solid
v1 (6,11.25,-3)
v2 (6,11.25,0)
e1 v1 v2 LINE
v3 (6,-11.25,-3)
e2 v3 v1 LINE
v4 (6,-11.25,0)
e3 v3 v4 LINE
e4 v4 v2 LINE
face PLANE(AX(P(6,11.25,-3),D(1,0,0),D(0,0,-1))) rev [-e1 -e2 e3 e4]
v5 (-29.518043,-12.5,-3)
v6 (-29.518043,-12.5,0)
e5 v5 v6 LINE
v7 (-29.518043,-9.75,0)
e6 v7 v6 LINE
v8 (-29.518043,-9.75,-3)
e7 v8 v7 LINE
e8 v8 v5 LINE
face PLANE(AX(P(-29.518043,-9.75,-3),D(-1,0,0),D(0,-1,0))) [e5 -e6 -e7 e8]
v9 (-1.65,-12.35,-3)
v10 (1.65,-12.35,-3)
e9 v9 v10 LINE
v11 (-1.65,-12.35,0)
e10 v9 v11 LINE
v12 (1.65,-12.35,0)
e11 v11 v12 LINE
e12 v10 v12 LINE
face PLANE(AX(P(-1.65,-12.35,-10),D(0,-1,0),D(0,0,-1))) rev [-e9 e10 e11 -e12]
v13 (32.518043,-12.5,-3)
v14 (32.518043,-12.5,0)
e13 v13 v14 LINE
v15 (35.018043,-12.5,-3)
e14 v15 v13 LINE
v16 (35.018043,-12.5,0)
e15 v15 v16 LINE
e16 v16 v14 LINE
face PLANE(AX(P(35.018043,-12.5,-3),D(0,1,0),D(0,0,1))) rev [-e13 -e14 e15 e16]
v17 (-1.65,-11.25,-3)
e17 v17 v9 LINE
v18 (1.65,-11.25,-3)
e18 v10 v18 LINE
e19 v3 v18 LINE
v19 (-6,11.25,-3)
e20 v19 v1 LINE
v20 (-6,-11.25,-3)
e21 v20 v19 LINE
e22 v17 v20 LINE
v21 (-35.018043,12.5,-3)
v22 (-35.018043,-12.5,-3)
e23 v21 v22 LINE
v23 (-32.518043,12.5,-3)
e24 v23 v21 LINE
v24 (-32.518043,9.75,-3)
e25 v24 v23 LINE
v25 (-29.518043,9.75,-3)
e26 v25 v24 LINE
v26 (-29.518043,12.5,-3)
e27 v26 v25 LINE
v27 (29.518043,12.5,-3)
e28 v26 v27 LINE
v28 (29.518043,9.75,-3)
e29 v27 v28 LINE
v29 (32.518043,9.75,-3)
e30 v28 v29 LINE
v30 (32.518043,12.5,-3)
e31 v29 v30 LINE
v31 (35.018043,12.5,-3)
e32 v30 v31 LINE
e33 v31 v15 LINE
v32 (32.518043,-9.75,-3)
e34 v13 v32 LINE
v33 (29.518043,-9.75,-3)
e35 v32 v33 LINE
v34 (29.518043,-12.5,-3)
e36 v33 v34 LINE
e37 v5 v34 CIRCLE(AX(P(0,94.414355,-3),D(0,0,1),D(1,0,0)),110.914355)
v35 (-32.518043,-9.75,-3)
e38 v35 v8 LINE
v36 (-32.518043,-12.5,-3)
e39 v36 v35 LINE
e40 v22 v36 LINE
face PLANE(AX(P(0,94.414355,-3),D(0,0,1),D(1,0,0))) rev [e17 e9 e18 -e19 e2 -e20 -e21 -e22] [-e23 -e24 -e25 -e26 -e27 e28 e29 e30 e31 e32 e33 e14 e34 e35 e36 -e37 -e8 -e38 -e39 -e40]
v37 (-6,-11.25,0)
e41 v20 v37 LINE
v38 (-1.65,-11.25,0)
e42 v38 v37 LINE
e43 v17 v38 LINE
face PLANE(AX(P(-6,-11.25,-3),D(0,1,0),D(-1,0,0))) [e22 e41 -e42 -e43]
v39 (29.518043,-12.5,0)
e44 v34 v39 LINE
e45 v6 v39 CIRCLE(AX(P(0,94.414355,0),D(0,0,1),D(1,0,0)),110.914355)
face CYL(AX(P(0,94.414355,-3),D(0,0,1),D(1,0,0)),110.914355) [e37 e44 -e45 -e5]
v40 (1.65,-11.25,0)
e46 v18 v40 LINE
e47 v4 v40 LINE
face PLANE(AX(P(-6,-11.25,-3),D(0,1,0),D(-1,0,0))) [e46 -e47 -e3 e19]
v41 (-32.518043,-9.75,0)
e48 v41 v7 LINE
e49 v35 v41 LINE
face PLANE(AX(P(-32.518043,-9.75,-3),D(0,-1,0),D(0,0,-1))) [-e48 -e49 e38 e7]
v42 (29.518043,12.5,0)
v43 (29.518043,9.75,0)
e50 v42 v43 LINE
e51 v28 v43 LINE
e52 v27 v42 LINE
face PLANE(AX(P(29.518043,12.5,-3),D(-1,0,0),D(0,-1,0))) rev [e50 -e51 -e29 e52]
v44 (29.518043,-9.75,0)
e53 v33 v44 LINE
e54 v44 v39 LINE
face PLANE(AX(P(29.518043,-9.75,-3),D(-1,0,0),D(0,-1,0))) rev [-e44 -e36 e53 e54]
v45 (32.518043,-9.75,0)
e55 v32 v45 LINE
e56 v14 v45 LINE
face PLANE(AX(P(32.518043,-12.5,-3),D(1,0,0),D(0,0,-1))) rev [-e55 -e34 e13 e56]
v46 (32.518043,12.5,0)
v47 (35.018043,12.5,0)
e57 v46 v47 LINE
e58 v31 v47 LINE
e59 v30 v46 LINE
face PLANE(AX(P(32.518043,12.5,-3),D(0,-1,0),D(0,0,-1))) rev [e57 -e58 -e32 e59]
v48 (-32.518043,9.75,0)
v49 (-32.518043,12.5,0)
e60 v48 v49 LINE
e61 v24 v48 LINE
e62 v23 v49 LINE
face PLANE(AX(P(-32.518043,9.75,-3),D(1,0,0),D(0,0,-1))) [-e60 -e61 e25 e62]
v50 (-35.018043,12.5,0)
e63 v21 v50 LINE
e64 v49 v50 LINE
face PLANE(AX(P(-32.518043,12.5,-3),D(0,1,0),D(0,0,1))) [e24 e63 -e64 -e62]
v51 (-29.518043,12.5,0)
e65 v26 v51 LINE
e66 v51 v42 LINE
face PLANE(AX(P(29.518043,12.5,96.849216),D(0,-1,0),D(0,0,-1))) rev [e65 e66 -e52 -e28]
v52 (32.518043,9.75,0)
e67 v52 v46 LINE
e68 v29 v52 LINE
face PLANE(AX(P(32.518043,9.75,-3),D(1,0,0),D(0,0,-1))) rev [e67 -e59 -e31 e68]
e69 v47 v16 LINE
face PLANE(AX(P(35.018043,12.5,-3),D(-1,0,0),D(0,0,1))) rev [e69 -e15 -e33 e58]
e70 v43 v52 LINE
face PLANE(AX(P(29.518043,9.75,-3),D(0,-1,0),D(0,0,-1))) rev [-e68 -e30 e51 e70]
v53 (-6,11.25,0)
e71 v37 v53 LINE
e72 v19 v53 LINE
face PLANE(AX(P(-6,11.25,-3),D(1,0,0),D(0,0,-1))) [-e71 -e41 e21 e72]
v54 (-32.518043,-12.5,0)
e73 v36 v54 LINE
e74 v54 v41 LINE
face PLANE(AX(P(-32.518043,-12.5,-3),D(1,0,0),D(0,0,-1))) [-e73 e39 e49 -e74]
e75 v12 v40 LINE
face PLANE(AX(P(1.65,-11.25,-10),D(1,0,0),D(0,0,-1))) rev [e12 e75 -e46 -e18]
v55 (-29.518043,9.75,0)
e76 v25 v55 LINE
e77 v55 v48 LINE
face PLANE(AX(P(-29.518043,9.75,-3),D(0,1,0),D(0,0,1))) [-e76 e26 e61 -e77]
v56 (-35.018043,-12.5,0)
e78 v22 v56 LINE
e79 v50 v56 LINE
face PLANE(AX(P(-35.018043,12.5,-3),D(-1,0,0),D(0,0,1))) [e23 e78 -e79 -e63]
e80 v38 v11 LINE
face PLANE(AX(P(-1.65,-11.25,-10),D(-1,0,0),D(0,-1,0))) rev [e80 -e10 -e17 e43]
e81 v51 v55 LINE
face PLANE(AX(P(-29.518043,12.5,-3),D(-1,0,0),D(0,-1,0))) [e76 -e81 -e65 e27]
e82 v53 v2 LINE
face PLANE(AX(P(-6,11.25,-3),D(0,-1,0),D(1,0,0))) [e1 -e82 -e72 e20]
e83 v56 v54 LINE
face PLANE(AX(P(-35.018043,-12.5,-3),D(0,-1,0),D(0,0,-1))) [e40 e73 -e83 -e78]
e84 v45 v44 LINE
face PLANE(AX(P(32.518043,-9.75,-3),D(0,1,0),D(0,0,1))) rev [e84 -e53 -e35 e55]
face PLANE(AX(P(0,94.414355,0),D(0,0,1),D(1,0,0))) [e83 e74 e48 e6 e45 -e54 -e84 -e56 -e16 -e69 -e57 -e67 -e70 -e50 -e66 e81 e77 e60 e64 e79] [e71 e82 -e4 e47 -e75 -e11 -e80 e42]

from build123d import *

# Parameters (mm, degrees)
AUFSATZ_LINEAR_AUSTRAGEN1_DEPTH      = 3
SCHNITT_LINEAR_AUSTRAGEN2_DEPTH      = 39.826708727
SCHNITT_LINEAR_AUSTRAGEN2_DEPTH_BACK = 39.826708727
SKIZZE5_W                            = 3.3
SKIZZE5_H                            = 1.1
SCHNITT_LINEAR_AUSTRAGEN3_DEPTH      = 10


with BuildPart() as part:
    # Skizze1 → Aufsatz-Linear austragen1 (new body)
    with BuildSketch(Plane.XY):
        with BuildLine():
            Line((-6, -11.25), (0, -11.25))
            Line((0, -11.25), (0, -16.5))
            ThreePointArc((0, -16.5), (-14.893915213, -15.49545091), (-29.518042644, -12.5))
            Line((-29.518042644, -12.5), (-29.518042644, -9.75))
            Line((-29.518042644, -9.75), (-32.518042644, -9.75))
            Line((-32.518042644, -9.75), (-32.518042644, -12.5))
            Line((-32.518042644, -12.5), (-35.018042644, -12.5))
            Line((-35.018042644, -12.5), (-35.018042644, 12.5))
            Line((-35.018042644, 12.5), (-32.518042644, 12.5))
            Line((-32.518042644, 12.5), (-32.518042644, 9.75))
            Line((-32.518042644, 9.75), (-29.518042644, 9.75))
            Line((-29.518042644, 9.75), (-29.518042644, 12.5))
            ThreePointArc((-29.518042644, 12.5), (-14.893915213, 15.49545091), (0, 16.5))
            Line((0, 16.5), (0, 11.25))
            Line((0, 11.25), (-6, 11.25))
            Line((-6, 11.25), (-6, -11.25))
        make_face()
    aufsatz_linear_austragen1 = extrude(amount=-AUFSATZ_LINEAR_AUSTRAGEN1_DEPTH)

    # Spiegeln1: Aufsatz-Linear austragen1 across plane
    add(aufsatz_linear_austragen1.mirror(Plane(origin=(0, 0, 0), x_dir=(0, 0, 1), z_dir=(1, 0, 0))))

    # Skizze2 → Schnitt-Linear austragen2 (cut, two sides: drawn at the far end of the back side and taken through both)
    with BuildSketch(Plane.XY.offset(-SCHNITT_LINEAR_AUSTRAGEN2_DEPTH_BACK)):
        Polygon((181.022901985, 12.5), (29.518042644, 12.5), (-29.518042644, 12.5), (-181.022901985, 12.5), (-181.022901985, 315.509718682), (181.022901985, 315.509718682), align=None)
    extrude(amount=SCHNITT_LINEAR_AUSTRAGEN2_DEPTH + SCHNITT_LINEAR_AUSTRAGEN2_DEPTH_BACK, mode=Mode.SUBTRACT)

    # Skizze5 → Schnitt-Linear austragen3 (cut)
    with BuildSketch(Plane.XY):
        with Locations((0, -11.8)):
            Rectangle(SKIZZE5_W, SKIZZE5_H)
    extrude(amount=-SCHNITT_LINEAR_AUSTRAGEN3_DEPTH, mode=Mode.SUBTRACT)


solid = part.part
